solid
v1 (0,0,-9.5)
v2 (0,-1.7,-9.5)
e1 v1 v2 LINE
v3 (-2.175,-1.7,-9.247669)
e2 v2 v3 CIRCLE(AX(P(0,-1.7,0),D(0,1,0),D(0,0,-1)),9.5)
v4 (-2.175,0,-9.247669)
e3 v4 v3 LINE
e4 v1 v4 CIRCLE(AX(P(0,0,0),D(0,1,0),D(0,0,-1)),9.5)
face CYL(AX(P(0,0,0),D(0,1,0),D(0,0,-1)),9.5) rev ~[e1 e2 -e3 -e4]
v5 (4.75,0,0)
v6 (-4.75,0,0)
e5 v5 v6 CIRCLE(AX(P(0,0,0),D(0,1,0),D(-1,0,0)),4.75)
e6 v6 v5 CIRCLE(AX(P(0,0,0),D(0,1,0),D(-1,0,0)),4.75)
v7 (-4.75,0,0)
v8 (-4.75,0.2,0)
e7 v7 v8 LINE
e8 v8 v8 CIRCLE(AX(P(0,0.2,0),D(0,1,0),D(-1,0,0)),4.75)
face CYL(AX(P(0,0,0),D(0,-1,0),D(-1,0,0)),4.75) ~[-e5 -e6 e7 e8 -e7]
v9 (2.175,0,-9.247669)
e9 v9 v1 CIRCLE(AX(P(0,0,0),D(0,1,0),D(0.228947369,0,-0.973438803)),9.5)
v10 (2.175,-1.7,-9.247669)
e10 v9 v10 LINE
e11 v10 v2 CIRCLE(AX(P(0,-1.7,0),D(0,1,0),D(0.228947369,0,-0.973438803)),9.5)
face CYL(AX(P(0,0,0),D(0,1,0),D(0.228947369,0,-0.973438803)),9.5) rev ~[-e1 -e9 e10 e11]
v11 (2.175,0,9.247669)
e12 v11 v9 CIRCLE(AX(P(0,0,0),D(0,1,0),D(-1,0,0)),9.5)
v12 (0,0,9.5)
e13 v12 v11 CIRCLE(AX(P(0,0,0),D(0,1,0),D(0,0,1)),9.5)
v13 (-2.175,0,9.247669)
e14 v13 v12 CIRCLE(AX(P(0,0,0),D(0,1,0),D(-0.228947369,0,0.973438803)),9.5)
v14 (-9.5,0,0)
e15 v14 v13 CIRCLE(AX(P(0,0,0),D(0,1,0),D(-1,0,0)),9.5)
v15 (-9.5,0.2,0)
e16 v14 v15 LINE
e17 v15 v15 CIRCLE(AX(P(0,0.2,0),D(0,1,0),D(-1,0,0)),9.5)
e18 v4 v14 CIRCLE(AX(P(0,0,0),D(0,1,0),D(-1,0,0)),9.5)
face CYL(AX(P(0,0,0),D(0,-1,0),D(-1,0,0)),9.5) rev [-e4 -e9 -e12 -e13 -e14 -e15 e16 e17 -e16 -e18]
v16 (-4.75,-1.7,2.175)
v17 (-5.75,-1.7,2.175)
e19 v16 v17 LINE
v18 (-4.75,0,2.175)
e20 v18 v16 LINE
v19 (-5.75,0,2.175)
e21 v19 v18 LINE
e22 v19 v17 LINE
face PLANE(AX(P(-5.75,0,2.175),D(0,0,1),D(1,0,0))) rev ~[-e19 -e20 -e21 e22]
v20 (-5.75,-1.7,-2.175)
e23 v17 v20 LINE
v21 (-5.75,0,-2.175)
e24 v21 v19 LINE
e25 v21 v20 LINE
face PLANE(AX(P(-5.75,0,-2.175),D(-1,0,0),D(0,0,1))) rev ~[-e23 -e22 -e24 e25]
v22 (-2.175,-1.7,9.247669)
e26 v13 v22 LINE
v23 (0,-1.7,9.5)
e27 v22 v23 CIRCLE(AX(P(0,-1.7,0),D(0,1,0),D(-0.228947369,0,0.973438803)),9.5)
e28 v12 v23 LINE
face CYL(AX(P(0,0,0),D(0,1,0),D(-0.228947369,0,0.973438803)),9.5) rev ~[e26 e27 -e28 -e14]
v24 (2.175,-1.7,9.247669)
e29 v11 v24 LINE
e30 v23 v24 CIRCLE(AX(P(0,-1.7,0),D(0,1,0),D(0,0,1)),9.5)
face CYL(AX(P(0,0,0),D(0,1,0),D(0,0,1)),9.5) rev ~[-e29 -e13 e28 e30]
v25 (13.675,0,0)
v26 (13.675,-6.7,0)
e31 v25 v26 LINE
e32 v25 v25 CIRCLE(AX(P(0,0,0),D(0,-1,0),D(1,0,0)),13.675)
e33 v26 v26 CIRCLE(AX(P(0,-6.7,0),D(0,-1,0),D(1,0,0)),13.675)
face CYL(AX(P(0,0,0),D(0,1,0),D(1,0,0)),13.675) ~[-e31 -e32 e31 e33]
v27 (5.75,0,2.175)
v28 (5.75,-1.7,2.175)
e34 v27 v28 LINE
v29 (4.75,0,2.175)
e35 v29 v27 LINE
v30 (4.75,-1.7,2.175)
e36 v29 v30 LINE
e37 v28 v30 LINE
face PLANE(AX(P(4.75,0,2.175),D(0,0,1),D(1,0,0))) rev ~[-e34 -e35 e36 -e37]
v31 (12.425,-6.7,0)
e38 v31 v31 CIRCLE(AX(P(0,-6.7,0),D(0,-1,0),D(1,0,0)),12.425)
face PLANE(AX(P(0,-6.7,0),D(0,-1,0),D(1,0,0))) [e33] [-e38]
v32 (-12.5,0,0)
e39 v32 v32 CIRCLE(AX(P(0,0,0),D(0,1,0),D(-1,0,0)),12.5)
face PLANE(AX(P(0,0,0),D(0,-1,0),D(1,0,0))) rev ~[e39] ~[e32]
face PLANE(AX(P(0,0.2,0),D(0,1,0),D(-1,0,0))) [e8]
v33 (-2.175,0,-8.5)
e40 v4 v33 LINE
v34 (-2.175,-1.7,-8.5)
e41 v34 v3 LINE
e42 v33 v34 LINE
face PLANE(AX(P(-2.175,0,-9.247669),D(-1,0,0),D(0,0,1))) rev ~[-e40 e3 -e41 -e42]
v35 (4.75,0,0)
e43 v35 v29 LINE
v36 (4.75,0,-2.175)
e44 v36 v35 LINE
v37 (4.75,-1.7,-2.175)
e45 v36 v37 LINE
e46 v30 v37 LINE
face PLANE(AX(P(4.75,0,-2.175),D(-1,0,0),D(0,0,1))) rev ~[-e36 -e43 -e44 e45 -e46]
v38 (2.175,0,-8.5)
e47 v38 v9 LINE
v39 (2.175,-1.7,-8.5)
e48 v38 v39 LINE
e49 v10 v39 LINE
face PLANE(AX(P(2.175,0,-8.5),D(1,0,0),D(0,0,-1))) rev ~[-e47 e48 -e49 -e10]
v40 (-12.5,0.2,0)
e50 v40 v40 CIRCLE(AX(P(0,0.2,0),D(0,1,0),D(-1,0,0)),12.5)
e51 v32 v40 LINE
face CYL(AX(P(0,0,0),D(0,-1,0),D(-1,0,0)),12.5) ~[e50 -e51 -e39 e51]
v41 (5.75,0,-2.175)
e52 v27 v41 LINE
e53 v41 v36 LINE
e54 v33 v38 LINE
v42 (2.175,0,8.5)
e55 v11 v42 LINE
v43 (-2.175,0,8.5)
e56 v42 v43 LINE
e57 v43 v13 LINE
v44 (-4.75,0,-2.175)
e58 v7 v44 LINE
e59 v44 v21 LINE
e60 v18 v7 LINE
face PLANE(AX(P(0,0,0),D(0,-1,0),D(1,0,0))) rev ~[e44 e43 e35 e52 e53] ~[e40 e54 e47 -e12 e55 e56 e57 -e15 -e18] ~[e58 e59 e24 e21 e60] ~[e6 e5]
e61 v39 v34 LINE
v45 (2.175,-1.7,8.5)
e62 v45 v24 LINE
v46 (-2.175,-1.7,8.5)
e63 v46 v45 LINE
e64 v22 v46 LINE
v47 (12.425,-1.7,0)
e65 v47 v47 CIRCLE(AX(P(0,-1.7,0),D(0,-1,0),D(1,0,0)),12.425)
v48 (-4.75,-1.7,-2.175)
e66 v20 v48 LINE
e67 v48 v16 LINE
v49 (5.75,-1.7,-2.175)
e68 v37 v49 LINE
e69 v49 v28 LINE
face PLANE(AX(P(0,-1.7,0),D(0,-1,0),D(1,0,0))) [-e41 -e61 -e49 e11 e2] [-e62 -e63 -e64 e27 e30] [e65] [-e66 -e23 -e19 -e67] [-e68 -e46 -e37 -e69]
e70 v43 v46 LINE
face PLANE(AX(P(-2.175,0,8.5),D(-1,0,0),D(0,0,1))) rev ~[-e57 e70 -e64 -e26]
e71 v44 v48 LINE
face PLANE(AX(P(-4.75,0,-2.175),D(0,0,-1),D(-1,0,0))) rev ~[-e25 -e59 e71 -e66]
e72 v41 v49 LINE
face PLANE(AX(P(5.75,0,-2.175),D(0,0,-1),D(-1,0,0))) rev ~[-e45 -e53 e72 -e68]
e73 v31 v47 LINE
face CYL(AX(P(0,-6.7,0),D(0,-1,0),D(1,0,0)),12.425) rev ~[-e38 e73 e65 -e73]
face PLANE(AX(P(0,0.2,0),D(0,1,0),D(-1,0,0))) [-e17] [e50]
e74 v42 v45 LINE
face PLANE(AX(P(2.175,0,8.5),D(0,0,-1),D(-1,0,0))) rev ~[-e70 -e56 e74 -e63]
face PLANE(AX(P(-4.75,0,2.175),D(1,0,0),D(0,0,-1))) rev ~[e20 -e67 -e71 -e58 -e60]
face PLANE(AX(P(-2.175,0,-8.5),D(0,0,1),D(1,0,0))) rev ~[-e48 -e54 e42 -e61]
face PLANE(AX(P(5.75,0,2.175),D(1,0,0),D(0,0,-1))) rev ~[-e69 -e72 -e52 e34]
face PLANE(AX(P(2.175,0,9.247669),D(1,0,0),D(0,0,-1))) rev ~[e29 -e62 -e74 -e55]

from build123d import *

# Parameters (mm, degrees)
F0_R      = 13.675
F1_DEPTH  = 6.7
F2_R      = 12.425
F3_DEPTH  = 5
F4_R      = 4.75
F5_DEPTH  = 0.2
F4_R_2    = 12.5
F4_R_3    = 9.5
F6_DEPTH  = 0.2
F8_DEPTH  = 6.701
F10_DEPTH = 6.701


with BuildPart() as f1:
    # F0 (on Front) → F1 (new body)
    with BuildSketch(Plane.XZ):
        Circle(F0_R)
    extrude(amount=F1_DEPTH)

    # F2 (on face) → F3 (cut)
    with BuildSketch(Plane.XZ.offset(6.7)):
        Circle(F2_R)
    extrude(amount=-F3_DEPTH, mode=Mode.SUBTRACT)

    # F4 (on face) → F5 (join)
    with BuildSketch(Plane(origin=(0, 0, 0), x_dir=(-1, 0, 0), z_dir=(0, 1, 0))):
        Circle(F4_R)
    extrude(amount=F5_DEPTH)

    # F4 (on face) → F6 (join)
    with BuildSketch(Plane(origin=(0, 0, 0), x_dir=(-1, 0, 0), z_dir=(0, 1, 0))):
        Circle(F4_R_2)
        Circle(F4_R_3, mode=Mode.SUBTRACT)
    extrude(amount=F6_DEPTH)

    # F7 (on face) → F8 (cut, through all)
    with BuildSketch(Plane(origin=(0, 0, 0), x_dir=(-1, 0, 0), z_dir=(0, 1, 0))):
        Polygon((-4.75, -2.175), (-4.75, 0), (-4.75, 2.175), (-5.75, 2.175), (-5.75, -2.175), align=None)
        Polygon((5.75, 2.175), (4.75, 2.175), (4.75, 0), (4.75, -2.175), (5.75, -2.175), align=None)
    extrude(amount=-F8_DEPTH, mode=Mode.SUBTRACT)

    # F9 (on face) → F10 (cut, through all)
    with BuildSketch(Plane(origin=(0, 0, 0), x_dir=(-1, 0, 0), z_dir=(0, 1, 0))):
        with BuildLine():
            Line((-2.175, -8.5), (-2.175, -9.2476686251))
            ThreePointArc((-2.175, -9.2476686251), (-1.0947940586, -9.4367063094), (0, -9.5))
            ThreePointArc((0, -9.5), (1.0947940586, -9.4367063094), (2.175, -9.2476686251))
            Line((2.175, -9.2476686251), (2.175, -8.5))
            Line((2.175, -8.5), (-2.175, -8.5))
        make_face()
        with BuildLine():
            ThreePointArc((2.175, 9.2476686251), (1.0947940586, 9.4367063094), (0, 9.5))
            ThreePointArc((0, 9.5), (-1.0947940586, 9.4367063094), (-2.175, 9.2476686251))
            Line((-2.175, 9.2476686251), (-2.175, 8.5))
            Line((-2.175, 8.5), (2.175, 8.5))
            Line((2.175, 8.5), (2.175, 9.2476686251))
        make_face()
    extrude(amount=-F10_DEPTH, mode=Mode.SUBTRACT)


solid = f1.part
